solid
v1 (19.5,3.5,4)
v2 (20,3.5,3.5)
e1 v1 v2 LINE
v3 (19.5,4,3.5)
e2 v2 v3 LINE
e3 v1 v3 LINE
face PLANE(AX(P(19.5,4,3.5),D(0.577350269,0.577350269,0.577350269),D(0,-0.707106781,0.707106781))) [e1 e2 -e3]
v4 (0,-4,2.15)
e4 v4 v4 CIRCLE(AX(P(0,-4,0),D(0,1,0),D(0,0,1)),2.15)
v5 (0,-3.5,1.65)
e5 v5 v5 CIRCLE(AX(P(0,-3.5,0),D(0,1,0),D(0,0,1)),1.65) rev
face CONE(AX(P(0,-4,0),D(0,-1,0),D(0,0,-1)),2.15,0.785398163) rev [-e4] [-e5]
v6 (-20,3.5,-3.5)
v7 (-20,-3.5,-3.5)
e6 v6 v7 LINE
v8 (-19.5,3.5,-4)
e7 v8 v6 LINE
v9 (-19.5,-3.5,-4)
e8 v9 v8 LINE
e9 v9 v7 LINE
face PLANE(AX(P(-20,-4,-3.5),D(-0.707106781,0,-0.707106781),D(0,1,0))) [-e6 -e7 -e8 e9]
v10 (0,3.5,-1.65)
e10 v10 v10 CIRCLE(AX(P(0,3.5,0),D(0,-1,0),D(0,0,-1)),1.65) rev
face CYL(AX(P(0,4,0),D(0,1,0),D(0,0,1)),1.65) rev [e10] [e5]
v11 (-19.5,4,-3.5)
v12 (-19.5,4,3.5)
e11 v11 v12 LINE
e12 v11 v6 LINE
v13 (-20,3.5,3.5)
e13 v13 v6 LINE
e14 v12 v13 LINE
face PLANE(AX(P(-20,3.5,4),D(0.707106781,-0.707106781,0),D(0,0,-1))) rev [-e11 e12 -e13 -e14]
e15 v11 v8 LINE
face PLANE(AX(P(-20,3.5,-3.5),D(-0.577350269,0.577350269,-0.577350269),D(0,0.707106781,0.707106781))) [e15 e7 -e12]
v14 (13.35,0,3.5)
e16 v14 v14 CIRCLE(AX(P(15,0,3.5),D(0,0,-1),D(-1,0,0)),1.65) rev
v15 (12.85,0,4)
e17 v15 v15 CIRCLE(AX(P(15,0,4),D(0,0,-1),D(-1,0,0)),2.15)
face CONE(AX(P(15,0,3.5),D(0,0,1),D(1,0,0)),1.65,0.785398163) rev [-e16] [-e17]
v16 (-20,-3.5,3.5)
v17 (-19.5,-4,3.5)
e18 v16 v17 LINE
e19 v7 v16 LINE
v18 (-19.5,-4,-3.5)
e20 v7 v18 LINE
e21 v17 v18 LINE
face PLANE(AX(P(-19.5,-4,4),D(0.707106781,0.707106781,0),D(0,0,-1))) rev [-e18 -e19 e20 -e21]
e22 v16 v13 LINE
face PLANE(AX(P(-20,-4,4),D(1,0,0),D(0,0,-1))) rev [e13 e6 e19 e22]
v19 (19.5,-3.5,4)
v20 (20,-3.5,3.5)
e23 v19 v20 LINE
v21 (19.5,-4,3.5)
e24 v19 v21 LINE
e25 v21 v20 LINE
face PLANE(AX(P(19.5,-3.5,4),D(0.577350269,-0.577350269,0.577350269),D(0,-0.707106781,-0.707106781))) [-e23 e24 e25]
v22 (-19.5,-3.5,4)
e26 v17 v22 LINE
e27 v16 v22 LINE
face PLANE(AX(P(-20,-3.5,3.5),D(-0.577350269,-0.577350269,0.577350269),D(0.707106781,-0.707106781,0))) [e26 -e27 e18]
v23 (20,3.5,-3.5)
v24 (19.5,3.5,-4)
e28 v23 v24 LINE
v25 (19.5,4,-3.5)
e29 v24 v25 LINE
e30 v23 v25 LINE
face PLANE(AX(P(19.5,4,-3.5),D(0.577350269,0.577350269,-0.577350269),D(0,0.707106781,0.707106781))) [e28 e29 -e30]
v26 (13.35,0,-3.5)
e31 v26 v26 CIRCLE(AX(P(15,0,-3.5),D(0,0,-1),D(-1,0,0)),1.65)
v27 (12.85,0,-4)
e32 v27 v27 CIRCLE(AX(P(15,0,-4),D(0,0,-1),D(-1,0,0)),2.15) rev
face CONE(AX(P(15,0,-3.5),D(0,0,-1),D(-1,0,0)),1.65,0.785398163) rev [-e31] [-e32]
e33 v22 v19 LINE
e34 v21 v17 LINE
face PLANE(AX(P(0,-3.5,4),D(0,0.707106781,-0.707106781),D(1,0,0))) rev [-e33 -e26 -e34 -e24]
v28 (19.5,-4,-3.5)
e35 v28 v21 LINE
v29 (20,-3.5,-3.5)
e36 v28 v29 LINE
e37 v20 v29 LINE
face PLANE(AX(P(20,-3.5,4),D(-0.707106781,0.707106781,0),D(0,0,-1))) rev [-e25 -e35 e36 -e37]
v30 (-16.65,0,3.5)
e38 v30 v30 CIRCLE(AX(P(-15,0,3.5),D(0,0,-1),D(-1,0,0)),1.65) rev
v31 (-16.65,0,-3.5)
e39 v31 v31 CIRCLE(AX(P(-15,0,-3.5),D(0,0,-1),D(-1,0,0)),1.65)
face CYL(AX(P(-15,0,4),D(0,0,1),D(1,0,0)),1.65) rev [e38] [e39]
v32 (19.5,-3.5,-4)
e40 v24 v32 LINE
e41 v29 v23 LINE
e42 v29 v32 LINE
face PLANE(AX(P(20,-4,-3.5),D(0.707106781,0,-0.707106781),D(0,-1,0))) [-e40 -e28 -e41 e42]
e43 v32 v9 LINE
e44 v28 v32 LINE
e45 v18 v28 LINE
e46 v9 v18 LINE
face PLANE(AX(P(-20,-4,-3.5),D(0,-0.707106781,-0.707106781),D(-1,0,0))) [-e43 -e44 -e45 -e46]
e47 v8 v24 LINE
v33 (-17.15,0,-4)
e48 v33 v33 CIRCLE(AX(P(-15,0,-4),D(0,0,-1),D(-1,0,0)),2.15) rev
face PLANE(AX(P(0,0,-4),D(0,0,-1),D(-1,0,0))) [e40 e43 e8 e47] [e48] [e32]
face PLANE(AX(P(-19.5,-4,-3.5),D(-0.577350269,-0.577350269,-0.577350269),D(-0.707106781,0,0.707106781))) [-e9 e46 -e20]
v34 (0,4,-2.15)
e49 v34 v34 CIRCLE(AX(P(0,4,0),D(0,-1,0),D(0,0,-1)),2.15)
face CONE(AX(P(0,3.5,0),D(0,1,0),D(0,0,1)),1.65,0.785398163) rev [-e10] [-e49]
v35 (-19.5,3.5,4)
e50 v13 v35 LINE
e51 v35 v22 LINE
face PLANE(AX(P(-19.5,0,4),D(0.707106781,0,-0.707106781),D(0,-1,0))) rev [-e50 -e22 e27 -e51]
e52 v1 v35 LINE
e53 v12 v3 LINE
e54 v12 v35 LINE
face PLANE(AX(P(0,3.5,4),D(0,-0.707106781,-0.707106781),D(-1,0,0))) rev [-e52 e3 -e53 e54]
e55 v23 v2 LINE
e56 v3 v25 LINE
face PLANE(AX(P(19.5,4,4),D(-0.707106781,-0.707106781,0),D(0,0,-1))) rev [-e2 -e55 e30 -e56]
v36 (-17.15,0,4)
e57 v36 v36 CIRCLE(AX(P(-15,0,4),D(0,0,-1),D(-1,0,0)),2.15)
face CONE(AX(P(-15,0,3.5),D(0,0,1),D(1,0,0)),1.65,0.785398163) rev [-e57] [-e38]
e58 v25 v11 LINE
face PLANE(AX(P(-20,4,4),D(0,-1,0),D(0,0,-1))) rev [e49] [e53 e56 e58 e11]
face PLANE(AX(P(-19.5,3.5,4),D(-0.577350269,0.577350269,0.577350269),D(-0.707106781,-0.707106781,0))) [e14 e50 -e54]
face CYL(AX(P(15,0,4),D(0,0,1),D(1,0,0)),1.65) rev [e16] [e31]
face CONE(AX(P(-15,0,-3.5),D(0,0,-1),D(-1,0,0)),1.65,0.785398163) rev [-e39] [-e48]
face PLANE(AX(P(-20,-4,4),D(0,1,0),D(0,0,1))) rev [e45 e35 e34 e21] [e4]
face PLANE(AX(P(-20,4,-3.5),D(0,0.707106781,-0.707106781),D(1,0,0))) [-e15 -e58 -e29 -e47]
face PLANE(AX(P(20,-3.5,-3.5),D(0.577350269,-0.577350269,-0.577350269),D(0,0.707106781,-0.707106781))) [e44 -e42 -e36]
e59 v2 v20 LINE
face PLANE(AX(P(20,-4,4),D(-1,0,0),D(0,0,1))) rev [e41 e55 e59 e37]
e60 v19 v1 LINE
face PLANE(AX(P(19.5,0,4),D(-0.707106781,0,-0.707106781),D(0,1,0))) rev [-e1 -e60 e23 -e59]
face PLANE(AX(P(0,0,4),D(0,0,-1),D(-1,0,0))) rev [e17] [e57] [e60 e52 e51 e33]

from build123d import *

# Parameters (mm, degrees)
SKETCH_1_W             = 40
SKETCH_1_H             = 8
EXTRUDE_1_DEPTH        = 4
HOLE_WIZARD_M4_1_D     = 3.3
HOLE_WIZARD_M4_1_DEPTH = 10.1
HOLE_WIZARD_M4_1_TIP   = 0.991420021
HOLE_WIZARD_M4_2_D     = 3.3
HOLE_WIZARD_M4_2_DEPTH = 10.1
HOLE_WIZARD_M4_2_TIP   = 0.991420021
CHAMFER_1_SIZE         = 0.5


with BuildPart() as part:
    # 草图1 → 凸台-拉伸1 (new, symmetric)
    with BuildSketch(Plane.XY):
        Rectangle(SKETCH_1_W, SKETCH_1_H)
    extrude(amount=EXTRUDE_1_DEPTH, both=True)

    # M4 螺纹孔1
    with Locations(Plane.XY.offset(4)):
        with Locations((-15, 0), (15, 0)):
            Hole(HOLE_WIZARD_M4_1_D / 2, depth=HOLE_WIZARD_M4_1_DEPTH)
            with Locations((0, 0, -(HOLE_WIZARD_M4_1_DEPTH + HOLE_WIZARD_M4_1_TIP / 2))):  # 118° drill point
                Cone(0, HOLE_WIZARD_M4_1_D / 2, HOLE_WIZARD_M4_1_TIP, mode=Mode.SUBTRACT)

    # M4 螺纹孔2
    with Locations(Plane(origin=(0, 4, 0), x_dir=(1, 0, 0), z_dir=(0, 1, 0))):
        with Locations((0, 0)):
            Hole(HOLE_WIZARD_M4_2_D / 2, depth=HOLE_WIZARD_M4_2_DEPTH)
            with Locations((0, 0, -(HOLE_WIZARD_M4_2_DEPTH + HOLE_WIZARD_M4_2_TIP / 2))):  # 118° drill point
                Cone(0, HOLE_WIZARD_M4_2_D / 2, HOLE_WIZARD_M4_2_TIP, mode=Mode.SUBTRACT)

    # 倒角1
    chamfer_1_edges = [part.edges().sort_by_distance(p)[0] for p in [
        (-20, 0, 4),
        (16.65, 0, -4),
        (16.65, 0, 4),
        (0, -4, 4),
        (-13.35, 0, -4),
        (-13.35, 0, 4),
        (1.65, -4, 0),
        (1.65, 4, 0),
        (20, 0, 4),
        (0, -4, -4),
        (-20, 0, -4),
        (0, 4, -4),
        (20, 0, -4),
        (20, -4, 0),
        (-20, -4, 0),
        (-20, 4, 0),
        (20, 4, 0),
        (0, 4, 4),
    ]]
    chamfer(chamfer_1_edges, length=CHAMFER_1_SIZE)


solid = part.part
